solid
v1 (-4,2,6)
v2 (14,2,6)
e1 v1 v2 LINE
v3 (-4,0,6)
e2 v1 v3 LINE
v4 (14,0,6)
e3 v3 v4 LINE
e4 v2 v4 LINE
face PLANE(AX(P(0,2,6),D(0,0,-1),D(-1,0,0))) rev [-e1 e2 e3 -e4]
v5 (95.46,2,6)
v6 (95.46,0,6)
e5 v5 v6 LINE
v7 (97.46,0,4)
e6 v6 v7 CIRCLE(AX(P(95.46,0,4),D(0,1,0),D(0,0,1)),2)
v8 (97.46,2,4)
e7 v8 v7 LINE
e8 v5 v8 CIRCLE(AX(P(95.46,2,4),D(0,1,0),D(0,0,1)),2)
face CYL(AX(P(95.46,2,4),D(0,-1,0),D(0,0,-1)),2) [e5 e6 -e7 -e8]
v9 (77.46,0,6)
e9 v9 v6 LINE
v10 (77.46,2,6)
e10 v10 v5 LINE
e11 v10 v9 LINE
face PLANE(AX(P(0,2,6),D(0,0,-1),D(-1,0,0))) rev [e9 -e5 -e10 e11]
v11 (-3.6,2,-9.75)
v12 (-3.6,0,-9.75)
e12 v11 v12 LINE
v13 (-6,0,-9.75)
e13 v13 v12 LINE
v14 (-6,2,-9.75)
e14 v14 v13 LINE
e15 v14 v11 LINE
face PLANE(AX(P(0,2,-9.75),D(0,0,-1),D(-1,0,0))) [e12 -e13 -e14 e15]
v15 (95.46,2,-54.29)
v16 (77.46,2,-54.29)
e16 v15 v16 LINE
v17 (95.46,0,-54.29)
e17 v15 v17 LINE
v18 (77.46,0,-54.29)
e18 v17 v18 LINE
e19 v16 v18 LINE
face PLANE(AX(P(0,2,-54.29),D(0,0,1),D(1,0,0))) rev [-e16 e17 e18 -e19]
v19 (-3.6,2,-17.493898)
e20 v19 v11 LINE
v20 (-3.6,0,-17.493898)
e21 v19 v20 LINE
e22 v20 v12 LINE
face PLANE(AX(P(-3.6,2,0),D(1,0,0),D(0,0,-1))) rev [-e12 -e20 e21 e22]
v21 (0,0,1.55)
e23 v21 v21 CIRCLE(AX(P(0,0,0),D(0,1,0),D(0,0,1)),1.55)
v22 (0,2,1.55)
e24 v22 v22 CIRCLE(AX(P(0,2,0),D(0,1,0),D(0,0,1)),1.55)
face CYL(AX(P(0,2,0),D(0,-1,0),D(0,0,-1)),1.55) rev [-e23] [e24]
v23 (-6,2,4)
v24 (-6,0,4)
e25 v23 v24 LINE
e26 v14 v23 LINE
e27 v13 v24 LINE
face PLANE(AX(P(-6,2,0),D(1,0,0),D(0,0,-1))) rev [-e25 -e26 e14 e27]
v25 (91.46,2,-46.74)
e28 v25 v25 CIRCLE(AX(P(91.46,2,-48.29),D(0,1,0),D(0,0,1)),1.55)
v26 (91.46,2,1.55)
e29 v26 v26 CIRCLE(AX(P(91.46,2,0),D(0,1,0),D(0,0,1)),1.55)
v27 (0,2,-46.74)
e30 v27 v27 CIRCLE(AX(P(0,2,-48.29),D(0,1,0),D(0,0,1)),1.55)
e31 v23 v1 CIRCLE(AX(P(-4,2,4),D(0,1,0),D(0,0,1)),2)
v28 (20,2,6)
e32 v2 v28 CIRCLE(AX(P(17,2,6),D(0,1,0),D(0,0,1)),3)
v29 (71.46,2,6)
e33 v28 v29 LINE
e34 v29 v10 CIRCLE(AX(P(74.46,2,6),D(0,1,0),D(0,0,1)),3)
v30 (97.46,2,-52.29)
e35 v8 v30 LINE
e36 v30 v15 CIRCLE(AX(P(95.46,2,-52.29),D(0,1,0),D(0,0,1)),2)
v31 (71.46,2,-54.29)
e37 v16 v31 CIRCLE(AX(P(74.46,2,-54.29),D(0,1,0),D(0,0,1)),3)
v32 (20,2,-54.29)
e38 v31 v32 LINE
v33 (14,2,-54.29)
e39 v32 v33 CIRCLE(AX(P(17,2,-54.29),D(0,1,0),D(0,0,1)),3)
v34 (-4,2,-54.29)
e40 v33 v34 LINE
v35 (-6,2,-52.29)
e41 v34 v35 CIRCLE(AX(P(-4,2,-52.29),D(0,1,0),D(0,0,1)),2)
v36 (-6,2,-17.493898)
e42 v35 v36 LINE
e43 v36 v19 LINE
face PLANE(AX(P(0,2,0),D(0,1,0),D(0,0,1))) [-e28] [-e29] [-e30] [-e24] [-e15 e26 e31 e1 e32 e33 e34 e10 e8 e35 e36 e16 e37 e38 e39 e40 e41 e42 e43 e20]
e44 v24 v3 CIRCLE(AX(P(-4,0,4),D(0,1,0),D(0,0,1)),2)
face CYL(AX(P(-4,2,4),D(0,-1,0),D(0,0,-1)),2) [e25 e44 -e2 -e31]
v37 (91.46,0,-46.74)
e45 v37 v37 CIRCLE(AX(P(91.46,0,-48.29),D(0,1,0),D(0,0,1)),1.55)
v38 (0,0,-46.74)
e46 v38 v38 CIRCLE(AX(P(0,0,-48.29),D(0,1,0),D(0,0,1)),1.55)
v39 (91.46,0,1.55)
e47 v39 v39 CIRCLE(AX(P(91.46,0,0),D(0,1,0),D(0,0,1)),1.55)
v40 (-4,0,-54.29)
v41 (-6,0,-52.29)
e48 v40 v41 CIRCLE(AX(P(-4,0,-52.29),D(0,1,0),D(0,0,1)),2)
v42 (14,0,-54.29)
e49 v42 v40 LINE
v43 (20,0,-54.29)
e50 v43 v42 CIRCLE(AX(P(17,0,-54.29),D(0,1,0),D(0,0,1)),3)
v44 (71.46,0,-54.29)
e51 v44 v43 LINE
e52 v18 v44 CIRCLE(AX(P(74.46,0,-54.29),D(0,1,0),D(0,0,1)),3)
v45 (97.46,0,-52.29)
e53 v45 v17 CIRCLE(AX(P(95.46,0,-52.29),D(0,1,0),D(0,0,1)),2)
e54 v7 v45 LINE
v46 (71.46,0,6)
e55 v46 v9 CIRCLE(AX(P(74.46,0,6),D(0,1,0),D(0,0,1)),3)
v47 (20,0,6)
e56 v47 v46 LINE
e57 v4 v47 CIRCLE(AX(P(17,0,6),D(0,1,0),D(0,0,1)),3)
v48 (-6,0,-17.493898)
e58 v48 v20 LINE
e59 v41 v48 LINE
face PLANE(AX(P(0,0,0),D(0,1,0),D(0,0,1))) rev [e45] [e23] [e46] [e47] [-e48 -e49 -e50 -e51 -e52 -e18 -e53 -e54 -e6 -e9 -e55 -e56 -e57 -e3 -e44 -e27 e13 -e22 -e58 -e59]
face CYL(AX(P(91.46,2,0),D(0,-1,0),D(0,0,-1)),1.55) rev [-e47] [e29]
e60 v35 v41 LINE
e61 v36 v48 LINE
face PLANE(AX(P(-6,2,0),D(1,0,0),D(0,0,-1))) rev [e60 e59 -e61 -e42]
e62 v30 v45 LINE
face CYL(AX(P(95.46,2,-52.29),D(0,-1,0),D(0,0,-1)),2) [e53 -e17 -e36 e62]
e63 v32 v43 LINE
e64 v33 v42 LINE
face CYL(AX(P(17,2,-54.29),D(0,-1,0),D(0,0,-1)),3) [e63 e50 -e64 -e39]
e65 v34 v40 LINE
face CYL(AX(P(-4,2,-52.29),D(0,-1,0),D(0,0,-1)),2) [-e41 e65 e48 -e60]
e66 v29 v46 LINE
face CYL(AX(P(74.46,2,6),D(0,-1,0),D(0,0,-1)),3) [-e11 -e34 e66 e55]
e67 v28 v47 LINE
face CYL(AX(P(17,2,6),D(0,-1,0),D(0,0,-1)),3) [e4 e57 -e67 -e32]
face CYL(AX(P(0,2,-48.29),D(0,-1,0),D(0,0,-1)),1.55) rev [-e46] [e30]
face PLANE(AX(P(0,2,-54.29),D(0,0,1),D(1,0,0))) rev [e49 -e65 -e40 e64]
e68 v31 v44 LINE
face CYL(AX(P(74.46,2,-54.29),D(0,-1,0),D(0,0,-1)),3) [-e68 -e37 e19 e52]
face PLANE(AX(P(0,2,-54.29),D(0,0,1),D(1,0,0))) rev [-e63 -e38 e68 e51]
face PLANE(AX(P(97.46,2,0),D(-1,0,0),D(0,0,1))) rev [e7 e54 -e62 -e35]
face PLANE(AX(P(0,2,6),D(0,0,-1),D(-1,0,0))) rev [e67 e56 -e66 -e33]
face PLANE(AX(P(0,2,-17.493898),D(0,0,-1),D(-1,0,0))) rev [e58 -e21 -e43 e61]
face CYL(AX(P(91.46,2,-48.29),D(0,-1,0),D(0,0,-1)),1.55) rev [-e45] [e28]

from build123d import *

# Parameters (mm, degrees)
SKETCH_1_R      = 1.55
EXTRUDE_1_DEPTH = 2


with BuildPart() as part:
    # 草图1 → 凸台-拉伸1 (new body)
    with BuildSketch(Plane(origin=(0, 0, 0), x_dir=(1, 0, 0), z_dir=(0, 1, 0))):
        with BuildLine():
            Line((97.46, -4), (97.46, 52.29))
            ThreePointArc((97.46, 52.29), (96.874213562, 53.704213562), (95.46, 54.29))
            Line((95.46, 54.29), (77.46, 54.29))
            ThreePointArc((77.46, 54.29), (74.46, 57.29), (71.46, 54.29))
            Line((71.46, 54.29), (20, 54.29))
            ThreePointArc((20, 54.29), (17, 57.29), (14, 54.29))
            Line((14, 54.29), (-4, 54.29))
            ThreePointArc((-4, 54.29), (-5.414213562, 53.704213562), (-6, 52.29))
            Line((-6, 52.29), (-6, 17.493898271))
            Line((-6, 17.493898271), (-3.6, 17.493898271))
            Line((-3.6, 17.493898271), (-3.6, 9.75))
            Line((-3.6, 9.75), (-6, 9.75))
            Line((-6, 9.75), (-6, -4))
            ThreePointArc((-6, -4), (-5.414213562, -5.414213562), (-4, -6))
            Line((-4, -6), (14, -6))
            ThreePointArc((14, -6), (17, -9), (20, -6))
            Line((20, -6), (71.46, -6))
            ThreePointArc((71.46, -6), (74.46, -9), (77.46, -6))
            Line((77.46, -6), (95.46, -6))
            ThreePointArc((95.46, -6), (96.874213562, -5.414213562), (97.46, -4))
        make_face()
        Circle(SKETCH_1_R, mode=Mode.SUBTRACT)
        with Locations((91.46, 0)):
            Circle(SKETCH_1_R, mode=Mode.SUBTRACT)
        with Locations((0, 48.29)):
            Circle(SKETCH_1_R, mode=Mode.SUBTRACT)
        with Locations((91.46, 48.29)):
            Circle(SKETCH_1_R, mode=Mode.SUBTRACT)
    extrude(amount=EXTRUDE_1_DEPTH)


solid = part.part
